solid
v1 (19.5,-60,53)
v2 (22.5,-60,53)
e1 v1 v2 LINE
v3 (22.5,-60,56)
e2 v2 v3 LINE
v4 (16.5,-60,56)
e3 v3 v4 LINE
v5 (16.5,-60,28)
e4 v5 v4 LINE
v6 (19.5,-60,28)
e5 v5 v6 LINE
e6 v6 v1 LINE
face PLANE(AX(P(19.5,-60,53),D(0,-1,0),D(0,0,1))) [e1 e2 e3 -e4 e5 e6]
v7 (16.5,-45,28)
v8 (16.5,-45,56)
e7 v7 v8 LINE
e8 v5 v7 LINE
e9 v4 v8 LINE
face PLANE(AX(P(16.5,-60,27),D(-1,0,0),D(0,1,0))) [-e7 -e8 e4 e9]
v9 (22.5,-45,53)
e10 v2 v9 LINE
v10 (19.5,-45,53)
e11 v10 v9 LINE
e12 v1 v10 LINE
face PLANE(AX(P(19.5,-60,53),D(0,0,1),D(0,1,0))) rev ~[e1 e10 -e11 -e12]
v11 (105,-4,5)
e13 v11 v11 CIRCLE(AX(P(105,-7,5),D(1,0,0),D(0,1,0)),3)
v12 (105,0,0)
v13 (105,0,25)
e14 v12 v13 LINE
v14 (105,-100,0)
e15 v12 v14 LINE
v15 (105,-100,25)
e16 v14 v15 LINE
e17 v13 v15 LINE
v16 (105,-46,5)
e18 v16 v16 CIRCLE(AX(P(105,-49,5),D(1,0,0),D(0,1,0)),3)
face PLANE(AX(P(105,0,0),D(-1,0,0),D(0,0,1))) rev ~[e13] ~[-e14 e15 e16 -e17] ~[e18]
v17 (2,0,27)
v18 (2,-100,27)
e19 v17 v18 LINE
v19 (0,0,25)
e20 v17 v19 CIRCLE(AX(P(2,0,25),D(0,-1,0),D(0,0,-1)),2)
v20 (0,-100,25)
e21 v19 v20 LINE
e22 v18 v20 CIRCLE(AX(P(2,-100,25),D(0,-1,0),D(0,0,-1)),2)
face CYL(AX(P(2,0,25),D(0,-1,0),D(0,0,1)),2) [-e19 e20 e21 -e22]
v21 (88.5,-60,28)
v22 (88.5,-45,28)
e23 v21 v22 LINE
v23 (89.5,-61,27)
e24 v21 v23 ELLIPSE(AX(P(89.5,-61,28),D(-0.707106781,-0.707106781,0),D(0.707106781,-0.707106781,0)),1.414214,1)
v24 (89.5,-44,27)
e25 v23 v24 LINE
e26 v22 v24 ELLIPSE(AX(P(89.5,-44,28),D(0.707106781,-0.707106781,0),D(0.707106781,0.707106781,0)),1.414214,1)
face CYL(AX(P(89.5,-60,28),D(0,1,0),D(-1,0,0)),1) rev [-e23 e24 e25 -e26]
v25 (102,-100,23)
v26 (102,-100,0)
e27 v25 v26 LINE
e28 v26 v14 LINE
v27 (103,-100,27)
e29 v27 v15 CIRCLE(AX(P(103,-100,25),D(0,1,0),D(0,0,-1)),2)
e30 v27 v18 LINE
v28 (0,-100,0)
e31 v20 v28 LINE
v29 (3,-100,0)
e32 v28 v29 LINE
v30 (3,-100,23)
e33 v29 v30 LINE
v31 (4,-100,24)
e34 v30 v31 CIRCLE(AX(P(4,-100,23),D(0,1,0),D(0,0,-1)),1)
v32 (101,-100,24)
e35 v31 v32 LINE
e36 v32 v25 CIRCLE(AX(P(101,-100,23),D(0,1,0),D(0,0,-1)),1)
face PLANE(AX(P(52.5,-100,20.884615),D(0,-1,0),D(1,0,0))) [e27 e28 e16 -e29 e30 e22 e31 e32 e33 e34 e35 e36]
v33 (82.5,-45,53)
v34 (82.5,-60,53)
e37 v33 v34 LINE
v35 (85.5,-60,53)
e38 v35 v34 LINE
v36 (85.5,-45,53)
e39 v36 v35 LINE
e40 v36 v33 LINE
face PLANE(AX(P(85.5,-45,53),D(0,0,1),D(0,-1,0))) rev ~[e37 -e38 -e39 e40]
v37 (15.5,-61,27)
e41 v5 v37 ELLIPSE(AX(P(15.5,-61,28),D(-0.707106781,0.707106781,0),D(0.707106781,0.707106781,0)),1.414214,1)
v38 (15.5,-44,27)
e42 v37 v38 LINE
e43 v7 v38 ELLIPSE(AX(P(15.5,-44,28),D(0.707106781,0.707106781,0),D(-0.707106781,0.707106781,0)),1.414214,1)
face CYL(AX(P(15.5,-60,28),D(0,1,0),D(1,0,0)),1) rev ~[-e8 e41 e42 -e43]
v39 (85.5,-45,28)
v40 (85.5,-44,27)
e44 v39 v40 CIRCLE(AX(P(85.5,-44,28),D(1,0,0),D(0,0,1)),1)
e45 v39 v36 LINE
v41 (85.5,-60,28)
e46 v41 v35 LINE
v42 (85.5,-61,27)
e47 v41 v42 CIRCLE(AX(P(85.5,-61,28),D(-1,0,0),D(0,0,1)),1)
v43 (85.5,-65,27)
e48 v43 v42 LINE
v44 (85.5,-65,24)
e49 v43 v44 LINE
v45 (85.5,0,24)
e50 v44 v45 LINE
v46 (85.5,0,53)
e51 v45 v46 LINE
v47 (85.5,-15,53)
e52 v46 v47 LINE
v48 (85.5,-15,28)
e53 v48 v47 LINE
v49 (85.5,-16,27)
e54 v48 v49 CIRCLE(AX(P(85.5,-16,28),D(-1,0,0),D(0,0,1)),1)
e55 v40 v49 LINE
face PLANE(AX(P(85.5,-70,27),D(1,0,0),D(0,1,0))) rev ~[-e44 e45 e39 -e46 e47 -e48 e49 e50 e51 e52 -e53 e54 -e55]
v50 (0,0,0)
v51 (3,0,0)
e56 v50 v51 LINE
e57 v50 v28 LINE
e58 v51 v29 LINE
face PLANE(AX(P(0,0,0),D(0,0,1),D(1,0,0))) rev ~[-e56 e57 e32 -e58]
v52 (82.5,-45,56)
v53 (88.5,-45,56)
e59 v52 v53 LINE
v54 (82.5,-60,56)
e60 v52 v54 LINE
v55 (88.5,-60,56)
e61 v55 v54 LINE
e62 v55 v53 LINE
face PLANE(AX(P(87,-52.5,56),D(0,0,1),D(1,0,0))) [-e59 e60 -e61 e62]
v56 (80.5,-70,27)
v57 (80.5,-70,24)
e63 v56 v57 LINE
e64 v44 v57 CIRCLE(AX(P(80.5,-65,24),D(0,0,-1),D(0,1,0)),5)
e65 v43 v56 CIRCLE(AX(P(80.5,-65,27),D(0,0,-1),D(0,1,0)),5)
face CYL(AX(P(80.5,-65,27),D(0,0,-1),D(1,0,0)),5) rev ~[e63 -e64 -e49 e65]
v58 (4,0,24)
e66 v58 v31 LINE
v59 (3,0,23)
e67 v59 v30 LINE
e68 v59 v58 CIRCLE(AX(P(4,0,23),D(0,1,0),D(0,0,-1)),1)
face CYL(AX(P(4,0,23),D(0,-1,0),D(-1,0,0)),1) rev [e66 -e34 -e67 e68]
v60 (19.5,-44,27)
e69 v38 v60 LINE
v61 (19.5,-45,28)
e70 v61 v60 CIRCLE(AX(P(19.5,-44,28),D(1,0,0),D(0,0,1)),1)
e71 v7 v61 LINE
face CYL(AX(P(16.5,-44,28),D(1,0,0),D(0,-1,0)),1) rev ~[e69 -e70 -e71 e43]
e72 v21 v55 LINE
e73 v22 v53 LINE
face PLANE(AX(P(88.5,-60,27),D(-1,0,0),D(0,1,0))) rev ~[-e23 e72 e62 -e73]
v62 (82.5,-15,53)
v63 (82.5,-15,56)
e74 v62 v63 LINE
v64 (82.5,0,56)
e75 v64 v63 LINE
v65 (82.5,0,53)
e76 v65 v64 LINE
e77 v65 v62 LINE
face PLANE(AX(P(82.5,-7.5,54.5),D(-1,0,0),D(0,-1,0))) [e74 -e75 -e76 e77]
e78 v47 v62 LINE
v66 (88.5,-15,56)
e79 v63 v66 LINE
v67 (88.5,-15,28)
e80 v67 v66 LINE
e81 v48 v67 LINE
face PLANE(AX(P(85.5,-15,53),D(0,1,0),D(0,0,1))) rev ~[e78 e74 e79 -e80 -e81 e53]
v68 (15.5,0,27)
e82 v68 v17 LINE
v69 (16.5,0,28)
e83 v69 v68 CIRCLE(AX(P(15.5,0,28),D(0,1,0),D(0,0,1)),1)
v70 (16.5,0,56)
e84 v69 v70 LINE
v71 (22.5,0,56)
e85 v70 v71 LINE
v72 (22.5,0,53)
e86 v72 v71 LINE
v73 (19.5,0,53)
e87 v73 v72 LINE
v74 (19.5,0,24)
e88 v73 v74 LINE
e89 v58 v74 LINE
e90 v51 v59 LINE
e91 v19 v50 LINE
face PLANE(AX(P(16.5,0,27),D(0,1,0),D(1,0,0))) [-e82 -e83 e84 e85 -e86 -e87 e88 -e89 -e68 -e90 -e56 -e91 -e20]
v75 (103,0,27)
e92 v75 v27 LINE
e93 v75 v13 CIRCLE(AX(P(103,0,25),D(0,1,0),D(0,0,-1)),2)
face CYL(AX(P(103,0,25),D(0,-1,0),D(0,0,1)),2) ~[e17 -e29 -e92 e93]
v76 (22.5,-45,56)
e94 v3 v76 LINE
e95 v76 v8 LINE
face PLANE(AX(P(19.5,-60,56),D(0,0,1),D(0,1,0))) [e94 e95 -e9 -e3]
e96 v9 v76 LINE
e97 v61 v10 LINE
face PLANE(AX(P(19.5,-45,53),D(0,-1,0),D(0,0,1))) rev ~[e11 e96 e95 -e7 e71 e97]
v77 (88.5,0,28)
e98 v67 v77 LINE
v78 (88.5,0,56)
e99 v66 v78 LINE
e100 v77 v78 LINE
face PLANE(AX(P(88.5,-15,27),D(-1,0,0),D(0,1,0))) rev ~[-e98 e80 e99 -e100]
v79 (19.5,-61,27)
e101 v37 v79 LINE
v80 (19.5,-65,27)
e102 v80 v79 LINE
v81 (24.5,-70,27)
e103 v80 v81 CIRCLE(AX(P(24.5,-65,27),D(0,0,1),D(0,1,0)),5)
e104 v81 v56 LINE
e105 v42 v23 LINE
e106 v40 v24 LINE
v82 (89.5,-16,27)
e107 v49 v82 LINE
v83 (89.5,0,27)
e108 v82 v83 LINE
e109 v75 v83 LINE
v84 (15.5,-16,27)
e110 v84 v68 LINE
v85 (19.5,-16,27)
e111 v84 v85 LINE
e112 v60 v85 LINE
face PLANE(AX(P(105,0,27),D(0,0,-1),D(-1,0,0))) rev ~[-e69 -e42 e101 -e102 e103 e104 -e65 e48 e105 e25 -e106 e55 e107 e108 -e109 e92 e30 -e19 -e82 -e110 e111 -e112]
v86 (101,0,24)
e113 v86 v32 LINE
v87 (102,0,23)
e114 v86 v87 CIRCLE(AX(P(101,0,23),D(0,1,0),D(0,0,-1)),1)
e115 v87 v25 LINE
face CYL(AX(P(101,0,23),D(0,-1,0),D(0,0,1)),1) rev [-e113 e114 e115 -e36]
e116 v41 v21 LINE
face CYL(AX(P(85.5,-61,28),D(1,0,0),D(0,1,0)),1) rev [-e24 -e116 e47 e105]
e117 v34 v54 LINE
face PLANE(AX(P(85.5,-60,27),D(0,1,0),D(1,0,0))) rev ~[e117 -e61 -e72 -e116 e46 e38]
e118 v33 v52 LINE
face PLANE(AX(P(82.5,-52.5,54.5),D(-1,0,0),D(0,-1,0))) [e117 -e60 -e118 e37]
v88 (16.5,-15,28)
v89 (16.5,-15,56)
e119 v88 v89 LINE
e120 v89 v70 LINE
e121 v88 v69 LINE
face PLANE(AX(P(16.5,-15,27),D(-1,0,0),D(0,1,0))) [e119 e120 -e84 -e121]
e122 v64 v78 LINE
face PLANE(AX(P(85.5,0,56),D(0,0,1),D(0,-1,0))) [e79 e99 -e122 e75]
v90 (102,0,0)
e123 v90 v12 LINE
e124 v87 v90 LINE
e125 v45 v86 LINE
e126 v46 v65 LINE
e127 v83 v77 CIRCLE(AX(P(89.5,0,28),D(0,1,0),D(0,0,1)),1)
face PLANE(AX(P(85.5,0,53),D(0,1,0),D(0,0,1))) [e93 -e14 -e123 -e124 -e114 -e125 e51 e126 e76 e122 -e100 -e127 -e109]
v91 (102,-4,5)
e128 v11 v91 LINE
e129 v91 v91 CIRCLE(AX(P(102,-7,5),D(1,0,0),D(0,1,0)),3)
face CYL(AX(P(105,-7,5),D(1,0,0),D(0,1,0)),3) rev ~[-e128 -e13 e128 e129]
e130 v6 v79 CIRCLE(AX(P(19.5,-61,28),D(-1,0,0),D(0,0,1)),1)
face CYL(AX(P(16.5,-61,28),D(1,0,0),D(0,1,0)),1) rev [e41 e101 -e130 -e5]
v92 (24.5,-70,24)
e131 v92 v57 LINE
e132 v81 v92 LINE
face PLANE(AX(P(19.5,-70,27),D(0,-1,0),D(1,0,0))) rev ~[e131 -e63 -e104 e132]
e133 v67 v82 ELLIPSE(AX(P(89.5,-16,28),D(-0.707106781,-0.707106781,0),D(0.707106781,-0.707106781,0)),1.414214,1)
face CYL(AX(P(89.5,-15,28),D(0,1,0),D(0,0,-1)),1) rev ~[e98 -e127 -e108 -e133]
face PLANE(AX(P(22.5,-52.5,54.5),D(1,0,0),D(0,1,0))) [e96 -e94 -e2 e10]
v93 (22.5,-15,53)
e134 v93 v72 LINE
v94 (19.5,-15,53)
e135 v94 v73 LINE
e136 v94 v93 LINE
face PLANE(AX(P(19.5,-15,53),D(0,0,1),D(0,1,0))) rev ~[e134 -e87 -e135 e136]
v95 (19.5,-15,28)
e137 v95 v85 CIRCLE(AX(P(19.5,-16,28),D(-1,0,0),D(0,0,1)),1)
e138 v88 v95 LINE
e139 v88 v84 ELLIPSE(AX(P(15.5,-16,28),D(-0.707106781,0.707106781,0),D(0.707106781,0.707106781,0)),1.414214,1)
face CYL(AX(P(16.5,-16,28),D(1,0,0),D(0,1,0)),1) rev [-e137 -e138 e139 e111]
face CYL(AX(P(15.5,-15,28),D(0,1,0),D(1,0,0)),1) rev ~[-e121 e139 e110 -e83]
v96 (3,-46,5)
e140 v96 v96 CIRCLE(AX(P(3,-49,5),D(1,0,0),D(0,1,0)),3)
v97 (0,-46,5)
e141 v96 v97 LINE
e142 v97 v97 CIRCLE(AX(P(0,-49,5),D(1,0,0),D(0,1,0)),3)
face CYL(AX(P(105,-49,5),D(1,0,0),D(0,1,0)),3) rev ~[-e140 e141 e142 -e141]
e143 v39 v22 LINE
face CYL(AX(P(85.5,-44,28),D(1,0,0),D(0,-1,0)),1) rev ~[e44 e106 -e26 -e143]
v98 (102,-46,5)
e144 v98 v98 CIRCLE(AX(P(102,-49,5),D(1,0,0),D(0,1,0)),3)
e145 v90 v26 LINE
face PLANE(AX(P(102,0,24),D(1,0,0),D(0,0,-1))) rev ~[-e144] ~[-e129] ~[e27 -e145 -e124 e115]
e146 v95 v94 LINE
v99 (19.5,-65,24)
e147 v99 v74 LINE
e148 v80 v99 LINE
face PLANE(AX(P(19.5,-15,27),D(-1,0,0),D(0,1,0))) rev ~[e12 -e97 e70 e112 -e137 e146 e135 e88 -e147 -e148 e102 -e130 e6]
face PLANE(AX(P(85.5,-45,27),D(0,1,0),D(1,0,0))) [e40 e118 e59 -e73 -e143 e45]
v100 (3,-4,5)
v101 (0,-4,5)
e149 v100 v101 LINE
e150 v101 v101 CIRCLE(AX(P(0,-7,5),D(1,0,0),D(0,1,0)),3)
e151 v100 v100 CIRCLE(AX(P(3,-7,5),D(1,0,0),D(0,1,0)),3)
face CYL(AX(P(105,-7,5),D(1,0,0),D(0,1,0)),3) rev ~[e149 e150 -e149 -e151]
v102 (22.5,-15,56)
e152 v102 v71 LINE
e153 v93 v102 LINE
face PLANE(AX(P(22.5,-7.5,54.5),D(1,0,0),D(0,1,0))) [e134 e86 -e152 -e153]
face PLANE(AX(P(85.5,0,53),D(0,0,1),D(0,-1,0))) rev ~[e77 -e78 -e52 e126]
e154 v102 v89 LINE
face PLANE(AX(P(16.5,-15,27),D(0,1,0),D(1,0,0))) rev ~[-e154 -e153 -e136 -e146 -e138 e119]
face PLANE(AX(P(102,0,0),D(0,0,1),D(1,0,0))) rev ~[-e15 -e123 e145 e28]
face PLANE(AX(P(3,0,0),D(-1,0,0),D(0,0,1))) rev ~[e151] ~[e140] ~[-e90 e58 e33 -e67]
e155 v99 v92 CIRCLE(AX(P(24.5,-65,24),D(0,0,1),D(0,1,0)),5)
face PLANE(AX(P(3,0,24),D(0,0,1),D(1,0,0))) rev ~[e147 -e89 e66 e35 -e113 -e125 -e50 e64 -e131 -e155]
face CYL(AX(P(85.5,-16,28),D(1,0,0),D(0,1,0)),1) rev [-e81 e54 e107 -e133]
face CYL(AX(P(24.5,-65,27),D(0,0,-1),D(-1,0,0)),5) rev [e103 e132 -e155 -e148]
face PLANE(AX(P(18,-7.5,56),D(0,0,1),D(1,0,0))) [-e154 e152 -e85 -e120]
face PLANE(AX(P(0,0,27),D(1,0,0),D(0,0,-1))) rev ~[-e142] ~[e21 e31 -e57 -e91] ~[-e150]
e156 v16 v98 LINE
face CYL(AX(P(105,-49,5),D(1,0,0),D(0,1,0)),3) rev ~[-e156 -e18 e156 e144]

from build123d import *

# Parameters (mm, degrees)
F1_DEPTH  = 100
F2_R      = 3
F3_DEPTH  = 105.001
F4_W      = 66
F4_H      = 70
F5_DEPTH  = 25
F6_W      = 3
F6_H      = 15
F7_DEPTH  = 29
F8_W      = 15
F8_H      = 3
F9_DEPTH  = 3
F10_W     = 15
F10_H     = 3
F11_DEPTH = 3
F12_R     = 1
F13_R     = 2
F14_R     = 5


with BuildPart() as f1:
    # F0 (on Front) → F1 (new body)
    with BuildSketch(Plane.XZ):
        Polygon((105, 27), (0, 27), (0, 0), (3, 0), (3, 24), (102, 24), (102, 0), (105, 0), align=None)
    extrude(amount=F1_DEPTH)

    # F2 (on face) → F3 (cut, through all)
    with BuildSketch(Plane.YZ.offset(105)):
        with Locations((-7, 5)):
            Circle(F2_R)
        with Locations((-49, 5)):
            Circle(F2_R)
    extrude(amount=-F3_DEPTH, mode=Mode.SUBTRACT)

    # F4 (on face) → F5 (cut)
    with BuildSketch(Plane.XY.offset(27)):
        with Locations((52.5, -35)):
            Rectangle(F4_W, F4_H)
    extrude(amount=-F5_DEPTH, mode=Mode.SUBTRACT)

    # F6 (on face) → F7 (join)
    with BuildSketch(Plane.XY.offset(27)):
        with Locations((18, -7.5)):
            Rectangle(F6_W, F6_H)
        with Locations((18, -52.5)):
            Rectangle(F6_W, F6_H)
        with Locations((87, -7.5)):
            Rectangle(F6_W, F6_H)
        with Locations((87, -52.5)):
            Rectangle(F6_W, F6_H)
    extrude(amount=F7_DEPTH)

    # F8 (on face) → F9 (join)
    with BuildSketch(Plane.YZ.offset(19.5)):
        with Locations((-52.5, 54.5)):
            Rectangle(F8_W, F8_H)
        with Locations((-7.5, 54.5)):
            Rectangle(F8_W, F8_H)
    extrude(amount=F9_DEPTH)

    # F10 (on face) → F11 (join)
    with BuildSketch(Plane(origin=(85.5, 0, 0), x_dir=(0, -1, 0), z_dir=(-1, 0, 0))):
        with Locations((7.5, 54.5)):
            Rectangle(F10_W, F10_H)
        with Locations((52.5, 54.5)):
            Rectangle(F10_W, F10_H)
    extrude(amount=F11_DEPTH)

    # F12
    f12_edges = [f1.edges().sort_by_distance(p)[0] for p in [
        (3, -50, 24),
        (102, -50, 24),
        (16.5, -7.5, 27),
        (18, -15, 27),
        (16.5, -52.5, 27),
        (18, -60, 27),
        (18, -45, 27),
        (87, -60, 27),
        (88.5, -52.5, 27),
        (87, -15, 27),
        (88.5, -7.5, 27),
        (87, -45, 27),
    ]]
    fillet(f12_edges, radius=F12_R)

    # F13
    f13_edges = [f1.edges().sort_by_distance(p)[0] for p in [
        (0, -50, 27),
        (105, -50, 27),
    ]]
    fillet(f13_edges, radius=F13_R)

    # F14
    f14_edges = [f1.edges().sort_by_distance(p)[0] for p in [
        (85.5, -70, 25.5),
        (19.5, -70, 25.5),
    ]]
    fillet(f14_edges, radius=F14_R)


solid = f1.part
